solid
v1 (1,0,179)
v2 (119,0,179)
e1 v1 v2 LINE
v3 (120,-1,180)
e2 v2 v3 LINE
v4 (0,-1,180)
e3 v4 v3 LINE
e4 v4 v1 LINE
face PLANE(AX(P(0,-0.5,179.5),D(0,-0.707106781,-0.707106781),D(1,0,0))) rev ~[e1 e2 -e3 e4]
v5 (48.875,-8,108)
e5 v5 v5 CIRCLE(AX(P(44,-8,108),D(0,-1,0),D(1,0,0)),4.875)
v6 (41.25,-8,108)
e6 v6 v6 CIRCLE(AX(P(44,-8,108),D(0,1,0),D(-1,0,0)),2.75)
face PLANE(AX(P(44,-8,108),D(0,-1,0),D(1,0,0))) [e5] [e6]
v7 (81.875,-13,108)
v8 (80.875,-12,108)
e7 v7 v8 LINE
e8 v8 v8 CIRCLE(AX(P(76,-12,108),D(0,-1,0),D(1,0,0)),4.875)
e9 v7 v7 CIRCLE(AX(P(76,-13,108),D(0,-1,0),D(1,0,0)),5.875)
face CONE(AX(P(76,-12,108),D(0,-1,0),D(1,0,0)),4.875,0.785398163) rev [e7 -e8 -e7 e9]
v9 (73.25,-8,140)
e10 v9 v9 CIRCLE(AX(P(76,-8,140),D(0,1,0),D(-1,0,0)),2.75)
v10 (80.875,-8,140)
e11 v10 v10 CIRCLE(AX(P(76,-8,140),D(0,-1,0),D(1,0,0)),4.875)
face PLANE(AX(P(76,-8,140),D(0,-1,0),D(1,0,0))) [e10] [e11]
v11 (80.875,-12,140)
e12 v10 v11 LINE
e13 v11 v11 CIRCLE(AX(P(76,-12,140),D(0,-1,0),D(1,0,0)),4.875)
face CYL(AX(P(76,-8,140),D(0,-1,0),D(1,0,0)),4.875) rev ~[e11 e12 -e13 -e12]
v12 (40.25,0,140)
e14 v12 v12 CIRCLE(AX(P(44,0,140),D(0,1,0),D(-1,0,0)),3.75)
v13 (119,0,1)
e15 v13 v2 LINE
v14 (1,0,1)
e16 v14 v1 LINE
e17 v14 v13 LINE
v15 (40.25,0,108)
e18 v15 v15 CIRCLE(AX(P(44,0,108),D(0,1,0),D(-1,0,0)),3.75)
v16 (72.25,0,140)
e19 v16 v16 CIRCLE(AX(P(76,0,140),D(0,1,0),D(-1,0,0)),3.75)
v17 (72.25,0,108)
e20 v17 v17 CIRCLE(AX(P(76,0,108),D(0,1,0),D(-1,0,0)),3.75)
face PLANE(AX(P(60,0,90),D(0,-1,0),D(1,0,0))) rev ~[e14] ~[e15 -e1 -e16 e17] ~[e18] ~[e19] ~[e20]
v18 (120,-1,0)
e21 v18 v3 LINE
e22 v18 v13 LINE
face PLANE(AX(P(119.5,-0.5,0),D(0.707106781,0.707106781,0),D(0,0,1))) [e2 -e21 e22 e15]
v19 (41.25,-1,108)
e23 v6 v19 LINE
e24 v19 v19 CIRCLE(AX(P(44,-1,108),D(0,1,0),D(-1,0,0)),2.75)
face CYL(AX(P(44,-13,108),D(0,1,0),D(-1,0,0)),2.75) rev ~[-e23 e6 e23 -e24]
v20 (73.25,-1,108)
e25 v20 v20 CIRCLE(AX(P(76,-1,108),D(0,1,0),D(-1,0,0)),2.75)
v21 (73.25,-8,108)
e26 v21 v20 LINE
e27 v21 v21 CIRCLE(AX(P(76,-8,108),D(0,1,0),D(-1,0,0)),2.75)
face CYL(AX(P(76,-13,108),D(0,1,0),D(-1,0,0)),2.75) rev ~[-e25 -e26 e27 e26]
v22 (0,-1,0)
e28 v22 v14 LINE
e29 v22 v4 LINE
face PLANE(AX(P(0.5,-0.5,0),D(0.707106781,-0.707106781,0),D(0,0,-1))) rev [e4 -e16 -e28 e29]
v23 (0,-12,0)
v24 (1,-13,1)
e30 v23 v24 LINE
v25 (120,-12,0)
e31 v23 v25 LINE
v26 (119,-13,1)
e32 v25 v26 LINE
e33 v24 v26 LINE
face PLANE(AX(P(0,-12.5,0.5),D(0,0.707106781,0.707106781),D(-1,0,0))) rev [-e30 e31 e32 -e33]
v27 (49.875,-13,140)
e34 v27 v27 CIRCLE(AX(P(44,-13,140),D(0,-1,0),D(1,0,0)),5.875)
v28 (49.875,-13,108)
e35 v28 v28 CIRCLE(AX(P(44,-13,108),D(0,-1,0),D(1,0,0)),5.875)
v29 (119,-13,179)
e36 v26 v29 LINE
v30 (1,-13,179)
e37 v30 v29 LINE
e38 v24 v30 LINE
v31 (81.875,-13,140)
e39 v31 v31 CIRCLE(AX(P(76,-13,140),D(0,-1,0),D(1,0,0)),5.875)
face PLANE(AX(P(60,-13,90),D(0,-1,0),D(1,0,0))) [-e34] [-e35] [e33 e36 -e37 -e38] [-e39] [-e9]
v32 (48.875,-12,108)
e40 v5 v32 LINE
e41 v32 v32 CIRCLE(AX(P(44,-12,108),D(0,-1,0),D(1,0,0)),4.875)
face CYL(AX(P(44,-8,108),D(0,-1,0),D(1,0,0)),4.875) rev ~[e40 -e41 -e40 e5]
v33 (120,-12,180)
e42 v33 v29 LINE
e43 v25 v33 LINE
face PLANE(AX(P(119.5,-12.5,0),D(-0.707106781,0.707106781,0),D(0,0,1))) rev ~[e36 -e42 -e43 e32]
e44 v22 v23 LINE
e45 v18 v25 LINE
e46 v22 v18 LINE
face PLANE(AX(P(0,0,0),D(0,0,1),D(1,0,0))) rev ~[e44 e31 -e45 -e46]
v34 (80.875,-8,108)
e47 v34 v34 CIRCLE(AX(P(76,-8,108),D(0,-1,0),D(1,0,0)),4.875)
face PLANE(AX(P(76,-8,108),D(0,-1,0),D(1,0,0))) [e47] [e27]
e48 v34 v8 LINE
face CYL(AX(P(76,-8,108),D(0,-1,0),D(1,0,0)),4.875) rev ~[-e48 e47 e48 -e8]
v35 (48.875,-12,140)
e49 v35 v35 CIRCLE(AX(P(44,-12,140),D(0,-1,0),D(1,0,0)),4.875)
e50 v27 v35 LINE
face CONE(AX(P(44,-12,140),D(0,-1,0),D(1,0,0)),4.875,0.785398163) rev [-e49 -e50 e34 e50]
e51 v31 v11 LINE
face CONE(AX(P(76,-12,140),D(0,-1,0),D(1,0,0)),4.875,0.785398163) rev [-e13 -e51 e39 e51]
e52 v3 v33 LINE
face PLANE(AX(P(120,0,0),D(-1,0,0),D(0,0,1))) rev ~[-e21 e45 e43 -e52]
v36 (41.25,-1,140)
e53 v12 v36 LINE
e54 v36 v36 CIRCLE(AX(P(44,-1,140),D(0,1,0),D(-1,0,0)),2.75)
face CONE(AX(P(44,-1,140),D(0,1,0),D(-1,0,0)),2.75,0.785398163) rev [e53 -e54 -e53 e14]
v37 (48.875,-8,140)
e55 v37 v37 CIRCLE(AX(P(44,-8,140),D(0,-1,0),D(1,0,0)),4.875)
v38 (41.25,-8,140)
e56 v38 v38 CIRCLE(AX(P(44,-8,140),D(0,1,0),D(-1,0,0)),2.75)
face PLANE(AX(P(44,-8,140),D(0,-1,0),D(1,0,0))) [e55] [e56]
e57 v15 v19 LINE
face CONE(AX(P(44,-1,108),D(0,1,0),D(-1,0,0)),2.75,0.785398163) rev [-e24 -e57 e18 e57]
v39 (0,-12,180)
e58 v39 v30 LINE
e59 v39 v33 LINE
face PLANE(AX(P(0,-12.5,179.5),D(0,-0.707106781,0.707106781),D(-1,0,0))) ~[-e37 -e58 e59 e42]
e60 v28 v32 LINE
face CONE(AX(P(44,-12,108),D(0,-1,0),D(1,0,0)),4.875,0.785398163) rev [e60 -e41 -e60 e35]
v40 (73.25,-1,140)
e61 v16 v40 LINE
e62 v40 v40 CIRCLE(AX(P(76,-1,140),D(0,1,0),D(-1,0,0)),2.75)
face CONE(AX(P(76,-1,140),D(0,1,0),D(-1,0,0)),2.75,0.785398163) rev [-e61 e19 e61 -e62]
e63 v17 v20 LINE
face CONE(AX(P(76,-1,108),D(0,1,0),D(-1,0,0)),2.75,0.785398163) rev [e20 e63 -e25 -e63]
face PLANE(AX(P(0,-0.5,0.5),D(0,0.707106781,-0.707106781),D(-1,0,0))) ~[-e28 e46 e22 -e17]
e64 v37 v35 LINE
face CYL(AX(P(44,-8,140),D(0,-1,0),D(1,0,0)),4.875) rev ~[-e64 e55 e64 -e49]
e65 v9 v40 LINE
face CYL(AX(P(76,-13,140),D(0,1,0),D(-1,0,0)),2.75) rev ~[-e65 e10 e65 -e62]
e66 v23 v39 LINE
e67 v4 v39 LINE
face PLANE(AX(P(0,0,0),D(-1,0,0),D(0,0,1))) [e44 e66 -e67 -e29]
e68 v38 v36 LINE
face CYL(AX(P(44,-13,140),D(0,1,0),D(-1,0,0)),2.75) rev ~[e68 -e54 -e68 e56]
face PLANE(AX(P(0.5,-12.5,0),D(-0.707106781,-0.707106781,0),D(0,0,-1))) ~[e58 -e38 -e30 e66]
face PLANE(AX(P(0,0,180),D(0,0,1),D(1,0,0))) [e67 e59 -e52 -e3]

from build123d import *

# Parameters (mm, degrees)
F0_W           = 120
F0_H           = 180
F1_DEPTH       = 13
F3_D           = 5.5
F3_CBORE_D     = 9.75
F3_CBORE_DEPTH = 5
F4_SIZE        = 1
F5_SIZE        = 1


with BuildPart() as f1:
    # F0 (on Front) → F1 (new body)
    with BuildSketch(Plane.XZ):
        with Locations((60, 90)):
            Rectangle(F0_W, F0_H)
    extrude(amount=F1_DEPTH)

    # F3 (through all)
    with Locations(Plane.XZ.offset(13)):
        with Locations((44, 140), (44, 108), (76, 140), (76, 108)):
            CounterBoreHole(F3_D / 2, F3_CBORE_D / 2, F3_CBORE_DEPTH)

    # F4
    f4_edges = [f1.edges().sort_by_distance(p)[0] for p in [
        (60, -13, 180),
        (0, -13, 90),
        (60, -13, 0),
        (120, -13, 90),
        (39.125, -13, 108),
        (71.125, -13, 108),
        (39.125, -13, 140),
        (71.125, -13, 140),
    ]]
    chamfer(f4_edges, length=F4_SIZE)

    # F5
    f5_edges = [f1.edges().sort_by_distance(p)[0] for p in [
        (0, 0, 90),
        (60, 0, 180),
        (60, 0, 0),
        (120, 0, 90),
        (41.25, 0, 108),
        (73.25, 0, 108),
        (41.25, 0, 140),
        (73.25, 0, 140),
    ]]
    chamfer(f5_edges, length=F5_SIZE)


solid = f1.part
